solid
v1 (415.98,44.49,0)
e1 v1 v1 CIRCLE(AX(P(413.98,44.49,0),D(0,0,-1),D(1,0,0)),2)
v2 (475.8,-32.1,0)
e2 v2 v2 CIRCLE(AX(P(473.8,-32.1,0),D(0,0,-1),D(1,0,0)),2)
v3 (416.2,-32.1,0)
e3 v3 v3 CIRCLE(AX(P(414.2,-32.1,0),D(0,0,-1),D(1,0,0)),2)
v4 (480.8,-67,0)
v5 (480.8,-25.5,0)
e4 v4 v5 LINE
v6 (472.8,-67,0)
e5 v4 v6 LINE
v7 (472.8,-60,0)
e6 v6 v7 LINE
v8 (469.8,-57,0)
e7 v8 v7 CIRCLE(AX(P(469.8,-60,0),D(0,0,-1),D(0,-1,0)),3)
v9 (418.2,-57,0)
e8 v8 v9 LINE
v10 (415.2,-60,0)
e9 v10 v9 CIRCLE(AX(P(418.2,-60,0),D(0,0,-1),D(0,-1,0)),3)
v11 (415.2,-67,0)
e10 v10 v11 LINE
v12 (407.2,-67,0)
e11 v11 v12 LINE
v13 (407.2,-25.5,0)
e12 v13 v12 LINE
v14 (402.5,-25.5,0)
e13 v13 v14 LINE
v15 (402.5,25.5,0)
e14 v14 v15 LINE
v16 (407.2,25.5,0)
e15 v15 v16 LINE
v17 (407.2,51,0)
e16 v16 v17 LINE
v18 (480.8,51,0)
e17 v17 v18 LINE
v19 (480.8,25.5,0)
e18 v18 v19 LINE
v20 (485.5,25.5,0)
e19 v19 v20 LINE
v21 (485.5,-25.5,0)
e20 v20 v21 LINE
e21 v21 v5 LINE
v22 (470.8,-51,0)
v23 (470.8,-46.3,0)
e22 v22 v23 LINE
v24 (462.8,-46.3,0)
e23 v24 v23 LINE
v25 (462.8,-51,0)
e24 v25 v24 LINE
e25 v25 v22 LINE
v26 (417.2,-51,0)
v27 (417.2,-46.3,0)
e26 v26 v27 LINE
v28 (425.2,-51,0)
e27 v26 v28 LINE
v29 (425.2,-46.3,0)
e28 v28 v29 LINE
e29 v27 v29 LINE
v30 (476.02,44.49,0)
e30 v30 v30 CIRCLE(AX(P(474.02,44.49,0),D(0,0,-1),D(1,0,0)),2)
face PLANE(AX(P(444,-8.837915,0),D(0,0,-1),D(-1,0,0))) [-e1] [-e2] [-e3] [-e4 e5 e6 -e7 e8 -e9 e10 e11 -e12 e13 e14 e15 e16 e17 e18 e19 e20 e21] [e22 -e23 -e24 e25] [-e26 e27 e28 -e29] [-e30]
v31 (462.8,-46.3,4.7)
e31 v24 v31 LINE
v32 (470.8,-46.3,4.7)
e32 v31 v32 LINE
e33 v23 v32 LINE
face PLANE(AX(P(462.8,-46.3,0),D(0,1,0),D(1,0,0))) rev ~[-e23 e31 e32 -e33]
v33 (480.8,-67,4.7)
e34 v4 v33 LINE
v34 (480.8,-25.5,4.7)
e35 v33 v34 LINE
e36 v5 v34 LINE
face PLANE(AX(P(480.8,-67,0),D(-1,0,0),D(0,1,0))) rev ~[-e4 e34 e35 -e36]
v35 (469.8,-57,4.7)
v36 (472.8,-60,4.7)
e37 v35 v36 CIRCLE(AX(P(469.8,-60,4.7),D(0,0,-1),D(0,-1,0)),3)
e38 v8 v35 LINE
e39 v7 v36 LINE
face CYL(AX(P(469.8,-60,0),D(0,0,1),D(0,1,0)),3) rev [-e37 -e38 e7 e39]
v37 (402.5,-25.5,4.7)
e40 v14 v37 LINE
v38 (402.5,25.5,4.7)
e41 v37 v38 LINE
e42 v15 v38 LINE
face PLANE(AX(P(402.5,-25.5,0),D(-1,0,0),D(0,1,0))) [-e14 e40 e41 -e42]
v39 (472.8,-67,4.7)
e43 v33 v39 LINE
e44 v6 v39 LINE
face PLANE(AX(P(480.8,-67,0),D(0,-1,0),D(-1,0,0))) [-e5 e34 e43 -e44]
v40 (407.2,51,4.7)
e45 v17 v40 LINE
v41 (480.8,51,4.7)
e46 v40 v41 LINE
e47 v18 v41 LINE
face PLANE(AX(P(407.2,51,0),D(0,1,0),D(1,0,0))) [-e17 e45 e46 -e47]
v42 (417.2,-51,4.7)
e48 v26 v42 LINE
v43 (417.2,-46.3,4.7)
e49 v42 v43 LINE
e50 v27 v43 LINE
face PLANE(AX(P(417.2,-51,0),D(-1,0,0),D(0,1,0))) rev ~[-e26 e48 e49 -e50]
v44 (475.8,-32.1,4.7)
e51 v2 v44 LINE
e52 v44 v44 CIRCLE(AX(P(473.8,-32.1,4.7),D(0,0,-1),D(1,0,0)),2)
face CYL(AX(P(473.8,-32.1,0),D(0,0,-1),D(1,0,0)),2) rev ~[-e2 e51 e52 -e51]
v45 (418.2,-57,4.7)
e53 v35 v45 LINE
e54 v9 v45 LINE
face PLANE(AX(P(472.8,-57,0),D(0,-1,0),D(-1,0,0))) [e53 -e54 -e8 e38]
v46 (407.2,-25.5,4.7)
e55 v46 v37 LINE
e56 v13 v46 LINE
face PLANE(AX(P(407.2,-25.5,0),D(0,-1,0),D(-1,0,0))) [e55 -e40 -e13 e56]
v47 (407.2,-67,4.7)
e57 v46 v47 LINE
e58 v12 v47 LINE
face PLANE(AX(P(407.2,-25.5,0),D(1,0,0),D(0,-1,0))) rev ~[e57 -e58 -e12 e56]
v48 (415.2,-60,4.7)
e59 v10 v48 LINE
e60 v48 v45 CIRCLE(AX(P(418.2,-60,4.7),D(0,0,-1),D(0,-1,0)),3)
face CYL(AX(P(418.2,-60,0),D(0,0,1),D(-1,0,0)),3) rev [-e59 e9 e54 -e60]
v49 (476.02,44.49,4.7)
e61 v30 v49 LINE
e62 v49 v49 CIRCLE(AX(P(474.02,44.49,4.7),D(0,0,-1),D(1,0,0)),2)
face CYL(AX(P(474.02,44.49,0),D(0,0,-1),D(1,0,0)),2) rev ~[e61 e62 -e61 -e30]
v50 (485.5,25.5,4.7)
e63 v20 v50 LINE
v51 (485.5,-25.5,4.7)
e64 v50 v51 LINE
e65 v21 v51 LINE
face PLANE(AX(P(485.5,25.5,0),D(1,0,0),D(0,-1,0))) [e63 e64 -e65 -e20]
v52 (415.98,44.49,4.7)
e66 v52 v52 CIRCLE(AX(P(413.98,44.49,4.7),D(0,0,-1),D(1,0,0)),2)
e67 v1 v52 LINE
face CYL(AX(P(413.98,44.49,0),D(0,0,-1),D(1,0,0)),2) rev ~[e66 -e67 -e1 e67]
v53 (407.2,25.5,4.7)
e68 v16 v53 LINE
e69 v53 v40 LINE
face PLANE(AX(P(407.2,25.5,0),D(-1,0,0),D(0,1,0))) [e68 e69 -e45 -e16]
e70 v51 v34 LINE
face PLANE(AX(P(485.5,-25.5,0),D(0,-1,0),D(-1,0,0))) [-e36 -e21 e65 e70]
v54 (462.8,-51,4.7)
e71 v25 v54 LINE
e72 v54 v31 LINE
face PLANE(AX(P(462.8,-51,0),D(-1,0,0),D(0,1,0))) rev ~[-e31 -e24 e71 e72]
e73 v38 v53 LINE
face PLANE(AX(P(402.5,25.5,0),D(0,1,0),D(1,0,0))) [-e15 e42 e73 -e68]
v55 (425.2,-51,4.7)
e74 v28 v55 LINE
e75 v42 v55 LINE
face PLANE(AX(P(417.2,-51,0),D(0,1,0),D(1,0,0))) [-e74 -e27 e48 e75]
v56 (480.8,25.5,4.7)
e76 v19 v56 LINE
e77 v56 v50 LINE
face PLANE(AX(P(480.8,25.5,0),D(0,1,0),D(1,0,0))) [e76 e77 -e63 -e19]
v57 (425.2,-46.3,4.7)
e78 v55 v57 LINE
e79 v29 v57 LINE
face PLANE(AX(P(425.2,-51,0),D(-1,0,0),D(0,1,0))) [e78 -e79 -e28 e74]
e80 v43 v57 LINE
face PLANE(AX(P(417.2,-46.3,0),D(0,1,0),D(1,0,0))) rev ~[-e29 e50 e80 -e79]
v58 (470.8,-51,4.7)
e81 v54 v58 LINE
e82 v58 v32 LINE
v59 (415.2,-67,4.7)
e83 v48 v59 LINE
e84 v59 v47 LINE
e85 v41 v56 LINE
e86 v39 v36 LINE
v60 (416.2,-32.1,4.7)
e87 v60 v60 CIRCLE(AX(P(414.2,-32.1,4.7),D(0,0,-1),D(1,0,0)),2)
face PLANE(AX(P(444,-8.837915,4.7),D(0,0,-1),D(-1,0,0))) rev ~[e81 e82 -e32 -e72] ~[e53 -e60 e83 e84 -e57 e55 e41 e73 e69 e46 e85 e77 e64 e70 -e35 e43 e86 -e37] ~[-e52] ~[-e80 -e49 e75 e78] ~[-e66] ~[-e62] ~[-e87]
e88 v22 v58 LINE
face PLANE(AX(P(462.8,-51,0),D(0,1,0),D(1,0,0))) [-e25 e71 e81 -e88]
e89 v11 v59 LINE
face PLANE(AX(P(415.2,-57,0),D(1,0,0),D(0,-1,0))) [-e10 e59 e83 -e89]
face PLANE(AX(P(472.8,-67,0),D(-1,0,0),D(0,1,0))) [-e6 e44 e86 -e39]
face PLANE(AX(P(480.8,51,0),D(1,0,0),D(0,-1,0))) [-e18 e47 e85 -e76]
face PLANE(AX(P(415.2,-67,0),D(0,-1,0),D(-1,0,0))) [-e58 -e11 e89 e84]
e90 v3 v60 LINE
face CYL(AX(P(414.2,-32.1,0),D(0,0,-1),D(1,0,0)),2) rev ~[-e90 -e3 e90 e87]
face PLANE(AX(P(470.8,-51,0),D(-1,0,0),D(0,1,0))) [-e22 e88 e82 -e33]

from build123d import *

# Parameters (mm, degrees)
SKETCH015_W              = 8
SKETCH015_H              = 4.7
PAD011_DEPTH             = 4.7
FILLET004_R              = 3
SKETCH018_R              = 2
POCKET_DEPTH             = 4.701
BODY011_PLACEMENT_ANGLE  = 90
CLONE004_PLACEMENT_ANGLE = 90
BODY017_ROLL_ANGLE       = 90
BODY017_PLACEMENT_ANGLE  = 180
CLONE005_ROLL_ANGLE      = 90
CLONE005_PLACEMENT_ANGLE = 180
BODY018_PLACEMENT_ANGLE  = 90


with BuildPart() as part:
    # Sketch015 → Pad011 (new body)
    with BuildSketch(Plane.XZ):
        Polygon((-41.5, -25.5), (-41.5, 25.5), (-36.8, 25.5), (-36.8, 51), (36.8, 51), (36.8, 25.5), (41.5, 25.5), (41.5, -25.5), (36.8, -25.5), (36.8, -51), (36.8, -67), (28.8, -67), (28.8, -57), (-28.8, -57), (-28.8, -67), (-36.8, -67), (-36.8, -51), (-36.8, -25.5), align=None)
        with Locations((-22.8, -48.65)):
            Rectangle(SKETCH015_W, SKETCH015_H, mode=Mode.SUBTRACT)
        with Locations((22.8, -48.65)):
            Rectangle(SKETCH015_W, SKETCH015_H, mode=Mode.SUBTRACT)
    extrude(amount=PAD011_DEPTH)

    # Fillet004
    fillet004_edges = [part.edges().sort_by_distance(p)[0] for p in [
        (28.8, -2.35, -57),
        (-28.8, -2.35, -57),
    ]]
    fillet(fillet004_edges, radius=FILLET004_R)

    # Sketch018 (on Face2 of Fillet004) → Pocket (cut, through all)
    with BuildSketch(Plane(origin=(0, 0, 0), x_dir=(1, 0, 0), z_dir=(0, 1, 0))):
        with Locations((30.02, -44.49)):
            Circle(SKETCH018_R)
        with Locations((-30.02, -44.49)):
            Circle(SKETCH018_R)
        with Locations((29.8, 32.1)):
            Circle(SKETCH018_R)
        with Locations((-29.8, 32.1)):
            Circle(SKETCH018_R)
    extrude(amount=-POCKET_DEPTH, mode=Mode.SUBTRACT)


with BuildPart() as part_1:
    # Body011 placement: moved
    add(part.part.moved(Location((-41.5, 0, 48))).rotate(Axis((-41.5, 0, 48), (0, 0, 1)), BODY011_PLACEMENT_ANGLE))


with BuildPart() as part_2:
    # Clone004 placement: moved
    add(part_1.part.moved(Location((0, -41.5, -48))).rotate(Axis((0, -41.5, -48), (0, 0, -1)), CLONE004_PLACEMENT_ANGLE))


with BuildPart() as part_3:
    # Body017 roll: moved
    add(part_2.part.rotate(Axis((0, 0, 0), (1, 0, 0)), BODY017_ROLL_ANGLE))


with BuildPart() as part_4:
    # Body017 placement: moved
    add(part_3.part.moved(Location((270, 0, 0))).rotate(Axis((270, 0, 0), (0, 0, 1)), BODY017_PLACEMENT_ANGLE))


with BuildPart() as part_5:
    # Clone005 roll: moved
    add(part_4.part.rotate(Axis((0, 0, 0), (1, 0, 0)), CLONE005_ROLL_ANGLE))


with BuildPart() as part_6:
    # Clone005 placement: moved
    add(part_5.part.moved(Location((270, 0, 0))).rotate(Axis((270, 0, 0), (0, 0, 1)), CLONE005_PLACEMENT_ANGLE))


with BuildPart() as part_7:
    # Body018 placement: moved
    add(part_6.part.moved(Location((444, 0, 0))).rotate(Axis((444, 0, 0), (-1, 0, 0)), BODY018_PLACEMENT_ANGLE))


solid = part_7.part
